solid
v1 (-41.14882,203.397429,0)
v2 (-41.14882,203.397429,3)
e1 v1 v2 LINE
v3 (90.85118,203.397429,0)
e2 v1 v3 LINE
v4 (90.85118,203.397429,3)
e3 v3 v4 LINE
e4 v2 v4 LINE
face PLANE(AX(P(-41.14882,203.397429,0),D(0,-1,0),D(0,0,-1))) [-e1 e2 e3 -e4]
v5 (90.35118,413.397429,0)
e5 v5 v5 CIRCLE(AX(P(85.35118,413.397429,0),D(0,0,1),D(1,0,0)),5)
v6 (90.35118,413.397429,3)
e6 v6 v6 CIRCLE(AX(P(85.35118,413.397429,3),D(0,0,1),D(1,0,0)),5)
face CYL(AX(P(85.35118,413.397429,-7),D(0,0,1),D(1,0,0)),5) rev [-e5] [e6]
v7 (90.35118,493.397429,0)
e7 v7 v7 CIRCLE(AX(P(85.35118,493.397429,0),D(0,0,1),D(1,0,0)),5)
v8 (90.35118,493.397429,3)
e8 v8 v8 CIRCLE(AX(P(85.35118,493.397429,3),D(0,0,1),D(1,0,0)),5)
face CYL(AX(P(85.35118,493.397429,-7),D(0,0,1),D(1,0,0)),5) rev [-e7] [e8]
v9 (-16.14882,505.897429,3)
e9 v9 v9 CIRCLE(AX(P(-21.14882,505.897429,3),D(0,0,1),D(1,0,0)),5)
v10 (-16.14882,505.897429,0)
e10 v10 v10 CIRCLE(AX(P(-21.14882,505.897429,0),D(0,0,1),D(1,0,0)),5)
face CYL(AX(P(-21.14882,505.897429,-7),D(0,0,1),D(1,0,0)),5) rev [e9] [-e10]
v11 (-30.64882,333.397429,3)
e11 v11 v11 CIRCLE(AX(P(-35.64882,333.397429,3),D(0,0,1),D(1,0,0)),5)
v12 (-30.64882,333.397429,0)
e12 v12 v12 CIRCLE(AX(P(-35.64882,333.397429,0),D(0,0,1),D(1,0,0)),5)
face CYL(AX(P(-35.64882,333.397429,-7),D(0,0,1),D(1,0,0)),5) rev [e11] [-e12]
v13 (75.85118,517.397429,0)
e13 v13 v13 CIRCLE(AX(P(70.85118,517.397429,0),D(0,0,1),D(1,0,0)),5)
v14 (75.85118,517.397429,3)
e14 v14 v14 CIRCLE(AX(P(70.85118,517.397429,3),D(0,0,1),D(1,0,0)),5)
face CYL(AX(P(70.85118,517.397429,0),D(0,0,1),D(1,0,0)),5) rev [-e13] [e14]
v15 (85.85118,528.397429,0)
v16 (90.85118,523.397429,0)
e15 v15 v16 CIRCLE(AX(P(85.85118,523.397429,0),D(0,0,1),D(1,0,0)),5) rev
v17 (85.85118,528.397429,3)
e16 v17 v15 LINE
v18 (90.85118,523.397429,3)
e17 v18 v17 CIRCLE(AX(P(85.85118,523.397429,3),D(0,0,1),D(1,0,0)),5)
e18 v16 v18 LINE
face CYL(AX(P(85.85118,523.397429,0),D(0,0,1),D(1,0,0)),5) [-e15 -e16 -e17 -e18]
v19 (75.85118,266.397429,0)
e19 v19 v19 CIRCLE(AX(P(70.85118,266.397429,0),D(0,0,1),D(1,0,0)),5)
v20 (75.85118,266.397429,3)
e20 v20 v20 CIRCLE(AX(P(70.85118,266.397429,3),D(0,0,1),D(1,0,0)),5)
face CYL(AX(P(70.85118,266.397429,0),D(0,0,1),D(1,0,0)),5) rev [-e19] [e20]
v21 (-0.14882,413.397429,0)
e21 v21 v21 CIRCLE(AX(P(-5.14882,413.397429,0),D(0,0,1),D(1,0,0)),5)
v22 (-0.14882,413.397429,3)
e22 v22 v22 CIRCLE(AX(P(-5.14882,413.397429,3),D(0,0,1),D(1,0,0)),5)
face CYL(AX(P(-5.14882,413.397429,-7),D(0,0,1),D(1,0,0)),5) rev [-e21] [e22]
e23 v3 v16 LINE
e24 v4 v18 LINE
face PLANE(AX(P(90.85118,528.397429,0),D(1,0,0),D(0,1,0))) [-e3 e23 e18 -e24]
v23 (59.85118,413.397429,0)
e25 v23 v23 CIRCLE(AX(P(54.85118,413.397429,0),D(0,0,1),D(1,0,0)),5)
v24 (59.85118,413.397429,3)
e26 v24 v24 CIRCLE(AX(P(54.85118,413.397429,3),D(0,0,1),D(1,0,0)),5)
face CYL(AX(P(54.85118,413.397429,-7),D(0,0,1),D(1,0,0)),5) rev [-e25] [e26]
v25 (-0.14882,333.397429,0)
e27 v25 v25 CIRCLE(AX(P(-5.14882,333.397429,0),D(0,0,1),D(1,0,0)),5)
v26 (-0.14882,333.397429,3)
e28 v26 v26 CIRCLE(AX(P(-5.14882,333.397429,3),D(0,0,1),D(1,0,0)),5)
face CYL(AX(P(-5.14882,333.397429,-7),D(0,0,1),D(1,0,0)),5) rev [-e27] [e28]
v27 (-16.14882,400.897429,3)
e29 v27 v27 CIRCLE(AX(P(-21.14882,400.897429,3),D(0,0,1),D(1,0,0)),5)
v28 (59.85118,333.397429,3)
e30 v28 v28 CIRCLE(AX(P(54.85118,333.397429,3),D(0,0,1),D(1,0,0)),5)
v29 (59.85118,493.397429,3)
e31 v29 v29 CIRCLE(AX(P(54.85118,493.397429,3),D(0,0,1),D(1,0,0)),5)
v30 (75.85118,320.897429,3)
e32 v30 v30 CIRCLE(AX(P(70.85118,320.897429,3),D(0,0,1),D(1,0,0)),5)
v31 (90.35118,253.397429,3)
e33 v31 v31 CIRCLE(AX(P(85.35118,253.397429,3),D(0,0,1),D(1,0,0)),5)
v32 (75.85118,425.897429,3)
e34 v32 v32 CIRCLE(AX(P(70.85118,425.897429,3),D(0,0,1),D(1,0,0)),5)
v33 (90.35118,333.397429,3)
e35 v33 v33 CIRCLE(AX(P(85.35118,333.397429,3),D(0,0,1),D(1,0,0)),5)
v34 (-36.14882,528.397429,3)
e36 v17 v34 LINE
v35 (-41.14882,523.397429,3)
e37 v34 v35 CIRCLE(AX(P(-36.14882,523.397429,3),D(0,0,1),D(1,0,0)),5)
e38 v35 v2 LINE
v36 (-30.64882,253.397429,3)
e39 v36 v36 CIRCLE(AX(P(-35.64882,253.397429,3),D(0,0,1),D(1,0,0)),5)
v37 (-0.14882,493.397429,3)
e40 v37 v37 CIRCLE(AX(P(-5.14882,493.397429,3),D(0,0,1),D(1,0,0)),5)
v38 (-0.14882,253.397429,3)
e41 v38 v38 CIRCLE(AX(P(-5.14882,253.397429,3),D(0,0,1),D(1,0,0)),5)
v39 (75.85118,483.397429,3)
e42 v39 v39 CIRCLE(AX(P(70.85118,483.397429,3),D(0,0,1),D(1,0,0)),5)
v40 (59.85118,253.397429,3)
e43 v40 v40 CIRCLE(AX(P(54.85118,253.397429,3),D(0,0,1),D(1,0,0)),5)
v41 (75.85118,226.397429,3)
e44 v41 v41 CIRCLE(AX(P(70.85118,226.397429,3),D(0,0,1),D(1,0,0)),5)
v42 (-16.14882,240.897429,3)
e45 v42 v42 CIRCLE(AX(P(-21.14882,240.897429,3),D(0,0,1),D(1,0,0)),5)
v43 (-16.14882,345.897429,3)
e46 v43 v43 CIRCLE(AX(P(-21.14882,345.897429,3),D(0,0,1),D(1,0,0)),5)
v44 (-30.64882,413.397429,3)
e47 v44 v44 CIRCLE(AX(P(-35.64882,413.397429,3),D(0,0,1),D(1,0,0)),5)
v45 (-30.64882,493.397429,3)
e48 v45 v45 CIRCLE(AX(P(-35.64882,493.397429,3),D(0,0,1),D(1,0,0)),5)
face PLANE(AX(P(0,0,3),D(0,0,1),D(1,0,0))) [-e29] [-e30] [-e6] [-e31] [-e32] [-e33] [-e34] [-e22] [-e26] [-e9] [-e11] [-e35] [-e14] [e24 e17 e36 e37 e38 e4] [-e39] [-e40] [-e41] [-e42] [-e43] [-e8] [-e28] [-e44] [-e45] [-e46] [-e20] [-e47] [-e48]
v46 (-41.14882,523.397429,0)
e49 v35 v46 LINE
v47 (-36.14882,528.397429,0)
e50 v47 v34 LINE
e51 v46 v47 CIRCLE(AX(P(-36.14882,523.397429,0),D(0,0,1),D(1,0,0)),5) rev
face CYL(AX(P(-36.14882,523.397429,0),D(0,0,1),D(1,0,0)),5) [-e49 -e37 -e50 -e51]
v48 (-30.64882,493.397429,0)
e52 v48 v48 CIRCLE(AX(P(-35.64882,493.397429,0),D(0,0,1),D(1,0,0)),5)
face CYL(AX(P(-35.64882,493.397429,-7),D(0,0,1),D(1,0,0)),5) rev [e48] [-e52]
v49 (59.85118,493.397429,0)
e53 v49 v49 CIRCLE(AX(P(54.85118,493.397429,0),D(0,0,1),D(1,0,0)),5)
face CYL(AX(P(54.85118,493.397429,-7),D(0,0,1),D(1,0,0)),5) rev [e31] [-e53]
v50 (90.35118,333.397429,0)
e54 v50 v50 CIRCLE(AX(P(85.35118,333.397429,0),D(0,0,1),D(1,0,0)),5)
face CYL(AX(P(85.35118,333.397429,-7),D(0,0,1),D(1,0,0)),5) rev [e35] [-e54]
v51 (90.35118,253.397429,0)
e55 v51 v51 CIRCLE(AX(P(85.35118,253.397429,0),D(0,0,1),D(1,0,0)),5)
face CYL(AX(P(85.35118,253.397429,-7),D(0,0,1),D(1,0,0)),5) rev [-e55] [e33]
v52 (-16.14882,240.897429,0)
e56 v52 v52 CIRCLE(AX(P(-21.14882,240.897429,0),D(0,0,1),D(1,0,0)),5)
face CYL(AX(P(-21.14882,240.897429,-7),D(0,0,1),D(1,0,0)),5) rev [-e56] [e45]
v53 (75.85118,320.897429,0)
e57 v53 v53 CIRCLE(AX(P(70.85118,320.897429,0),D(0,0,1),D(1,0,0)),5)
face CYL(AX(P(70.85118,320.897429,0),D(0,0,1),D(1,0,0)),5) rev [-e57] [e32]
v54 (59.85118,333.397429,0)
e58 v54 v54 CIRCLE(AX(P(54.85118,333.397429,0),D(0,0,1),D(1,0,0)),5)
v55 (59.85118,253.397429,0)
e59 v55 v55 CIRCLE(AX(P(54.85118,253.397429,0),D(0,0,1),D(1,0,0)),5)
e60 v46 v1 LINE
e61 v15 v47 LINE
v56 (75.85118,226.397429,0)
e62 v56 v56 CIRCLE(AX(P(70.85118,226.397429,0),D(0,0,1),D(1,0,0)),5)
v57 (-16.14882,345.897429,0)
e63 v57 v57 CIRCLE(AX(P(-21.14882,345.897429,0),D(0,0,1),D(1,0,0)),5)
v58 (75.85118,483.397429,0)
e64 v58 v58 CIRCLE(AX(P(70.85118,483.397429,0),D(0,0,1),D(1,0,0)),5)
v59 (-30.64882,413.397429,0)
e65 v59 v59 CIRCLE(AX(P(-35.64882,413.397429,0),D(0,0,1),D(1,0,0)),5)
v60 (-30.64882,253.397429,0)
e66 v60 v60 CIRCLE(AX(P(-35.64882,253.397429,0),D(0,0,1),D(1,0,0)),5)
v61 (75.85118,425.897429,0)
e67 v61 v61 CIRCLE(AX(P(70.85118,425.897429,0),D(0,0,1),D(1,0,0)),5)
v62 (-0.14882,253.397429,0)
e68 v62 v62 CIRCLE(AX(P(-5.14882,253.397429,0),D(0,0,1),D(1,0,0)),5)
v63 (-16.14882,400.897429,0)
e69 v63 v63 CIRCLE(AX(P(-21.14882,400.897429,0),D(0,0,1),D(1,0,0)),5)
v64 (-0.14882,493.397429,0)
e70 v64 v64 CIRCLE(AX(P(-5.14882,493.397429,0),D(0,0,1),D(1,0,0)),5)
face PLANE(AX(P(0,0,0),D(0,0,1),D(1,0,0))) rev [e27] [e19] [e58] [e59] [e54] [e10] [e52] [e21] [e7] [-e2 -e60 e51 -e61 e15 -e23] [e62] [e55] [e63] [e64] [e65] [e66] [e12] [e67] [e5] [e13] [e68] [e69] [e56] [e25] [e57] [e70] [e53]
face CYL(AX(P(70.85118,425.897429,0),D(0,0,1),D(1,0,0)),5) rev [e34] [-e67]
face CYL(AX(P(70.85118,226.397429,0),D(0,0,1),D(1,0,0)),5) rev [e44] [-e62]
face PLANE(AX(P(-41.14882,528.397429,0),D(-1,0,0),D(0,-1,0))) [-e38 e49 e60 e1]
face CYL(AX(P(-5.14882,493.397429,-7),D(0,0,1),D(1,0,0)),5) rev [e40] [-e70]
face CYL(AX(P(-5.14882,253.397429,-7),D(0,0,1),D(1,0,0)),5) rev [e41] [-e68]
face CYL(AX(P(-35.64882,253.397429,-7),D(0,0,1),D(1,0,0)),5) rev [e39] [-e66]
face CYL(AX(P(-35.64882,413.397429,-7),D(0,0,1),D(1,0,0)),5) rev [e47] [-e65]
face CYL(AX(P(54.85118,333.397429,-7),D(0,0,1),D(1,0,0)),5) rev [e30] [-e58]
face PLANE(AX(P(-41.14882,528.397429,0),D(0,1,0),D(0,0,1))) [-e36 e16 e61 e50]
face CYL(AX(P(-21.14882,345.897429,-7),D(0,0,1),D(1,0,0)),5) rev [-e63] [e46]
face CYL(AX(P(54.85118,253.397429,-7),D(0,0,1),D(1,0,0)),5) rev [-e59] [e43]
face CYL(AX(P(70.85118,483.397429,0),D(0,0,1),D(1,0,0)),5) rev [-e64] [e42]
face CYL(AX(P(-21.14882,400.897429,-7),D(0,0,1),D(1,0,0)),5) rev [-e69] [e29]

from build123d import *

# Parameters (mm, degrees)
SKETCH1_W           = 132
SKETCH1_H           = 325
BOSS_EXTRUDE1_DEPTH = 3
SKETCH2_R           = 5
CUT_EXTRUDE1_DEPTH  = 537.159285925
SKETCH3_R           = 5
CUT_EXTRUDE2_DEPTH  = 10
SKETCH4_R           = 5
CUT_EXTRUDE3_DEPTH  = 10
LPATTERN1_COUNT     = 4
LPATTERN1_PITCH     = 80
FILLET1_R           = 5


with BuildPart() as part:
    # Sketch1 → Boss-Extrude1 (new body)
    with BuildSketch(Plane.XY.offset(3)):
        with Locations((24.851179955, 365.89742901)):
            Rectangle(SKETCH1_W, SKETCH1_H)
    extrude(amount=-BOSS_EXTRUDE1_DEPTH)

    # Sketch2 → Cut-Extrude1 (cut, through all)
    with BuildSketch(Plane.XY.offset(3)):
        with Locations((70.851179955, 517.39742901)):
            Circle(SKETCH2_R)
        with Locations((70.851179955, 483.39742901)):
            Circle(SKETCH2_R)
        with Locations((70.851179955, 425.89742901)):
            Circle(SKETCH2_R)
        with Locations((70.851179955, 320.89742901)):
            Circle(SKETCH2_R)
        with Locations((70.851179955, 266.39742901)):
            Circle(SKETCH2_R)
        with Locations((70.851179955, 226.39742901)):
            Circle(SKETCH2_R)
    extrude(amount=-CUT_EXTRUDE1_DEPTH, mode=Mode.SUBTRACT)

    # Sketch3 → Cut-Extrude2 (cut)
    with BuildSketch(Plane.XY.offset(3)):
        with Locations((-21.148820045, 505.89742901)):
            Circle(SKETCH3_R)
        with Locations((-21.148820045, 400.89742901)):
            Circle(SKETCH3_R)
        with Locations((-21.148820045, 345.89742901)):
            Circle(SKETCH3_R)
        with Locations((-21.148820045, 240.89742901)):
            Circle(SKETCH3_R)
    extrude(amount=-CUT_EXTRUDE2_DEPTH, mode=Mode.SUBTRACT)

    # Sketch4 → Cut-Extrude3 (cut)
    with BuildSketch(Plane.XY.offset(3)):
        with Locations((-35.648820045, 253.39742901)):
            Circle(SKETCH4_R)
        with Locations((-5.148820045, 253.39742901)):
            Circle(SKETCH4_R)
        with Locations((54.851179955, 253.39742901)):
            Circle(SKETCH4_R)
        with Locations((85.351179955, 253.39742901)):
            Circle(SKETCH4_R)
    cut_extrude3 = extrude(amount=-CUT_EXTRUDE3_DEPTH, mode=Mode.SUBTRACT)

    # LPattern1: Cut-Extrude3 ×4
    with Locations(*[(0, i * LPATTERN1_PITCH, 0) for i in range(1, LPATTERN1_COUNT)]):
        add(cut_extrude3, mode=Mode.SUBTRACT)

    # Fillet1
    fillet1_edges = [part.edges().sort_by_distance(p)[0] for p in [
        (-41.148820045, 528.39742901, 1.5),
        (90.851179955, 528.39742901, 1.5),
    ]]
    fillet(fillet1_edges, radius=FILLET1_R)


solid = part.part
